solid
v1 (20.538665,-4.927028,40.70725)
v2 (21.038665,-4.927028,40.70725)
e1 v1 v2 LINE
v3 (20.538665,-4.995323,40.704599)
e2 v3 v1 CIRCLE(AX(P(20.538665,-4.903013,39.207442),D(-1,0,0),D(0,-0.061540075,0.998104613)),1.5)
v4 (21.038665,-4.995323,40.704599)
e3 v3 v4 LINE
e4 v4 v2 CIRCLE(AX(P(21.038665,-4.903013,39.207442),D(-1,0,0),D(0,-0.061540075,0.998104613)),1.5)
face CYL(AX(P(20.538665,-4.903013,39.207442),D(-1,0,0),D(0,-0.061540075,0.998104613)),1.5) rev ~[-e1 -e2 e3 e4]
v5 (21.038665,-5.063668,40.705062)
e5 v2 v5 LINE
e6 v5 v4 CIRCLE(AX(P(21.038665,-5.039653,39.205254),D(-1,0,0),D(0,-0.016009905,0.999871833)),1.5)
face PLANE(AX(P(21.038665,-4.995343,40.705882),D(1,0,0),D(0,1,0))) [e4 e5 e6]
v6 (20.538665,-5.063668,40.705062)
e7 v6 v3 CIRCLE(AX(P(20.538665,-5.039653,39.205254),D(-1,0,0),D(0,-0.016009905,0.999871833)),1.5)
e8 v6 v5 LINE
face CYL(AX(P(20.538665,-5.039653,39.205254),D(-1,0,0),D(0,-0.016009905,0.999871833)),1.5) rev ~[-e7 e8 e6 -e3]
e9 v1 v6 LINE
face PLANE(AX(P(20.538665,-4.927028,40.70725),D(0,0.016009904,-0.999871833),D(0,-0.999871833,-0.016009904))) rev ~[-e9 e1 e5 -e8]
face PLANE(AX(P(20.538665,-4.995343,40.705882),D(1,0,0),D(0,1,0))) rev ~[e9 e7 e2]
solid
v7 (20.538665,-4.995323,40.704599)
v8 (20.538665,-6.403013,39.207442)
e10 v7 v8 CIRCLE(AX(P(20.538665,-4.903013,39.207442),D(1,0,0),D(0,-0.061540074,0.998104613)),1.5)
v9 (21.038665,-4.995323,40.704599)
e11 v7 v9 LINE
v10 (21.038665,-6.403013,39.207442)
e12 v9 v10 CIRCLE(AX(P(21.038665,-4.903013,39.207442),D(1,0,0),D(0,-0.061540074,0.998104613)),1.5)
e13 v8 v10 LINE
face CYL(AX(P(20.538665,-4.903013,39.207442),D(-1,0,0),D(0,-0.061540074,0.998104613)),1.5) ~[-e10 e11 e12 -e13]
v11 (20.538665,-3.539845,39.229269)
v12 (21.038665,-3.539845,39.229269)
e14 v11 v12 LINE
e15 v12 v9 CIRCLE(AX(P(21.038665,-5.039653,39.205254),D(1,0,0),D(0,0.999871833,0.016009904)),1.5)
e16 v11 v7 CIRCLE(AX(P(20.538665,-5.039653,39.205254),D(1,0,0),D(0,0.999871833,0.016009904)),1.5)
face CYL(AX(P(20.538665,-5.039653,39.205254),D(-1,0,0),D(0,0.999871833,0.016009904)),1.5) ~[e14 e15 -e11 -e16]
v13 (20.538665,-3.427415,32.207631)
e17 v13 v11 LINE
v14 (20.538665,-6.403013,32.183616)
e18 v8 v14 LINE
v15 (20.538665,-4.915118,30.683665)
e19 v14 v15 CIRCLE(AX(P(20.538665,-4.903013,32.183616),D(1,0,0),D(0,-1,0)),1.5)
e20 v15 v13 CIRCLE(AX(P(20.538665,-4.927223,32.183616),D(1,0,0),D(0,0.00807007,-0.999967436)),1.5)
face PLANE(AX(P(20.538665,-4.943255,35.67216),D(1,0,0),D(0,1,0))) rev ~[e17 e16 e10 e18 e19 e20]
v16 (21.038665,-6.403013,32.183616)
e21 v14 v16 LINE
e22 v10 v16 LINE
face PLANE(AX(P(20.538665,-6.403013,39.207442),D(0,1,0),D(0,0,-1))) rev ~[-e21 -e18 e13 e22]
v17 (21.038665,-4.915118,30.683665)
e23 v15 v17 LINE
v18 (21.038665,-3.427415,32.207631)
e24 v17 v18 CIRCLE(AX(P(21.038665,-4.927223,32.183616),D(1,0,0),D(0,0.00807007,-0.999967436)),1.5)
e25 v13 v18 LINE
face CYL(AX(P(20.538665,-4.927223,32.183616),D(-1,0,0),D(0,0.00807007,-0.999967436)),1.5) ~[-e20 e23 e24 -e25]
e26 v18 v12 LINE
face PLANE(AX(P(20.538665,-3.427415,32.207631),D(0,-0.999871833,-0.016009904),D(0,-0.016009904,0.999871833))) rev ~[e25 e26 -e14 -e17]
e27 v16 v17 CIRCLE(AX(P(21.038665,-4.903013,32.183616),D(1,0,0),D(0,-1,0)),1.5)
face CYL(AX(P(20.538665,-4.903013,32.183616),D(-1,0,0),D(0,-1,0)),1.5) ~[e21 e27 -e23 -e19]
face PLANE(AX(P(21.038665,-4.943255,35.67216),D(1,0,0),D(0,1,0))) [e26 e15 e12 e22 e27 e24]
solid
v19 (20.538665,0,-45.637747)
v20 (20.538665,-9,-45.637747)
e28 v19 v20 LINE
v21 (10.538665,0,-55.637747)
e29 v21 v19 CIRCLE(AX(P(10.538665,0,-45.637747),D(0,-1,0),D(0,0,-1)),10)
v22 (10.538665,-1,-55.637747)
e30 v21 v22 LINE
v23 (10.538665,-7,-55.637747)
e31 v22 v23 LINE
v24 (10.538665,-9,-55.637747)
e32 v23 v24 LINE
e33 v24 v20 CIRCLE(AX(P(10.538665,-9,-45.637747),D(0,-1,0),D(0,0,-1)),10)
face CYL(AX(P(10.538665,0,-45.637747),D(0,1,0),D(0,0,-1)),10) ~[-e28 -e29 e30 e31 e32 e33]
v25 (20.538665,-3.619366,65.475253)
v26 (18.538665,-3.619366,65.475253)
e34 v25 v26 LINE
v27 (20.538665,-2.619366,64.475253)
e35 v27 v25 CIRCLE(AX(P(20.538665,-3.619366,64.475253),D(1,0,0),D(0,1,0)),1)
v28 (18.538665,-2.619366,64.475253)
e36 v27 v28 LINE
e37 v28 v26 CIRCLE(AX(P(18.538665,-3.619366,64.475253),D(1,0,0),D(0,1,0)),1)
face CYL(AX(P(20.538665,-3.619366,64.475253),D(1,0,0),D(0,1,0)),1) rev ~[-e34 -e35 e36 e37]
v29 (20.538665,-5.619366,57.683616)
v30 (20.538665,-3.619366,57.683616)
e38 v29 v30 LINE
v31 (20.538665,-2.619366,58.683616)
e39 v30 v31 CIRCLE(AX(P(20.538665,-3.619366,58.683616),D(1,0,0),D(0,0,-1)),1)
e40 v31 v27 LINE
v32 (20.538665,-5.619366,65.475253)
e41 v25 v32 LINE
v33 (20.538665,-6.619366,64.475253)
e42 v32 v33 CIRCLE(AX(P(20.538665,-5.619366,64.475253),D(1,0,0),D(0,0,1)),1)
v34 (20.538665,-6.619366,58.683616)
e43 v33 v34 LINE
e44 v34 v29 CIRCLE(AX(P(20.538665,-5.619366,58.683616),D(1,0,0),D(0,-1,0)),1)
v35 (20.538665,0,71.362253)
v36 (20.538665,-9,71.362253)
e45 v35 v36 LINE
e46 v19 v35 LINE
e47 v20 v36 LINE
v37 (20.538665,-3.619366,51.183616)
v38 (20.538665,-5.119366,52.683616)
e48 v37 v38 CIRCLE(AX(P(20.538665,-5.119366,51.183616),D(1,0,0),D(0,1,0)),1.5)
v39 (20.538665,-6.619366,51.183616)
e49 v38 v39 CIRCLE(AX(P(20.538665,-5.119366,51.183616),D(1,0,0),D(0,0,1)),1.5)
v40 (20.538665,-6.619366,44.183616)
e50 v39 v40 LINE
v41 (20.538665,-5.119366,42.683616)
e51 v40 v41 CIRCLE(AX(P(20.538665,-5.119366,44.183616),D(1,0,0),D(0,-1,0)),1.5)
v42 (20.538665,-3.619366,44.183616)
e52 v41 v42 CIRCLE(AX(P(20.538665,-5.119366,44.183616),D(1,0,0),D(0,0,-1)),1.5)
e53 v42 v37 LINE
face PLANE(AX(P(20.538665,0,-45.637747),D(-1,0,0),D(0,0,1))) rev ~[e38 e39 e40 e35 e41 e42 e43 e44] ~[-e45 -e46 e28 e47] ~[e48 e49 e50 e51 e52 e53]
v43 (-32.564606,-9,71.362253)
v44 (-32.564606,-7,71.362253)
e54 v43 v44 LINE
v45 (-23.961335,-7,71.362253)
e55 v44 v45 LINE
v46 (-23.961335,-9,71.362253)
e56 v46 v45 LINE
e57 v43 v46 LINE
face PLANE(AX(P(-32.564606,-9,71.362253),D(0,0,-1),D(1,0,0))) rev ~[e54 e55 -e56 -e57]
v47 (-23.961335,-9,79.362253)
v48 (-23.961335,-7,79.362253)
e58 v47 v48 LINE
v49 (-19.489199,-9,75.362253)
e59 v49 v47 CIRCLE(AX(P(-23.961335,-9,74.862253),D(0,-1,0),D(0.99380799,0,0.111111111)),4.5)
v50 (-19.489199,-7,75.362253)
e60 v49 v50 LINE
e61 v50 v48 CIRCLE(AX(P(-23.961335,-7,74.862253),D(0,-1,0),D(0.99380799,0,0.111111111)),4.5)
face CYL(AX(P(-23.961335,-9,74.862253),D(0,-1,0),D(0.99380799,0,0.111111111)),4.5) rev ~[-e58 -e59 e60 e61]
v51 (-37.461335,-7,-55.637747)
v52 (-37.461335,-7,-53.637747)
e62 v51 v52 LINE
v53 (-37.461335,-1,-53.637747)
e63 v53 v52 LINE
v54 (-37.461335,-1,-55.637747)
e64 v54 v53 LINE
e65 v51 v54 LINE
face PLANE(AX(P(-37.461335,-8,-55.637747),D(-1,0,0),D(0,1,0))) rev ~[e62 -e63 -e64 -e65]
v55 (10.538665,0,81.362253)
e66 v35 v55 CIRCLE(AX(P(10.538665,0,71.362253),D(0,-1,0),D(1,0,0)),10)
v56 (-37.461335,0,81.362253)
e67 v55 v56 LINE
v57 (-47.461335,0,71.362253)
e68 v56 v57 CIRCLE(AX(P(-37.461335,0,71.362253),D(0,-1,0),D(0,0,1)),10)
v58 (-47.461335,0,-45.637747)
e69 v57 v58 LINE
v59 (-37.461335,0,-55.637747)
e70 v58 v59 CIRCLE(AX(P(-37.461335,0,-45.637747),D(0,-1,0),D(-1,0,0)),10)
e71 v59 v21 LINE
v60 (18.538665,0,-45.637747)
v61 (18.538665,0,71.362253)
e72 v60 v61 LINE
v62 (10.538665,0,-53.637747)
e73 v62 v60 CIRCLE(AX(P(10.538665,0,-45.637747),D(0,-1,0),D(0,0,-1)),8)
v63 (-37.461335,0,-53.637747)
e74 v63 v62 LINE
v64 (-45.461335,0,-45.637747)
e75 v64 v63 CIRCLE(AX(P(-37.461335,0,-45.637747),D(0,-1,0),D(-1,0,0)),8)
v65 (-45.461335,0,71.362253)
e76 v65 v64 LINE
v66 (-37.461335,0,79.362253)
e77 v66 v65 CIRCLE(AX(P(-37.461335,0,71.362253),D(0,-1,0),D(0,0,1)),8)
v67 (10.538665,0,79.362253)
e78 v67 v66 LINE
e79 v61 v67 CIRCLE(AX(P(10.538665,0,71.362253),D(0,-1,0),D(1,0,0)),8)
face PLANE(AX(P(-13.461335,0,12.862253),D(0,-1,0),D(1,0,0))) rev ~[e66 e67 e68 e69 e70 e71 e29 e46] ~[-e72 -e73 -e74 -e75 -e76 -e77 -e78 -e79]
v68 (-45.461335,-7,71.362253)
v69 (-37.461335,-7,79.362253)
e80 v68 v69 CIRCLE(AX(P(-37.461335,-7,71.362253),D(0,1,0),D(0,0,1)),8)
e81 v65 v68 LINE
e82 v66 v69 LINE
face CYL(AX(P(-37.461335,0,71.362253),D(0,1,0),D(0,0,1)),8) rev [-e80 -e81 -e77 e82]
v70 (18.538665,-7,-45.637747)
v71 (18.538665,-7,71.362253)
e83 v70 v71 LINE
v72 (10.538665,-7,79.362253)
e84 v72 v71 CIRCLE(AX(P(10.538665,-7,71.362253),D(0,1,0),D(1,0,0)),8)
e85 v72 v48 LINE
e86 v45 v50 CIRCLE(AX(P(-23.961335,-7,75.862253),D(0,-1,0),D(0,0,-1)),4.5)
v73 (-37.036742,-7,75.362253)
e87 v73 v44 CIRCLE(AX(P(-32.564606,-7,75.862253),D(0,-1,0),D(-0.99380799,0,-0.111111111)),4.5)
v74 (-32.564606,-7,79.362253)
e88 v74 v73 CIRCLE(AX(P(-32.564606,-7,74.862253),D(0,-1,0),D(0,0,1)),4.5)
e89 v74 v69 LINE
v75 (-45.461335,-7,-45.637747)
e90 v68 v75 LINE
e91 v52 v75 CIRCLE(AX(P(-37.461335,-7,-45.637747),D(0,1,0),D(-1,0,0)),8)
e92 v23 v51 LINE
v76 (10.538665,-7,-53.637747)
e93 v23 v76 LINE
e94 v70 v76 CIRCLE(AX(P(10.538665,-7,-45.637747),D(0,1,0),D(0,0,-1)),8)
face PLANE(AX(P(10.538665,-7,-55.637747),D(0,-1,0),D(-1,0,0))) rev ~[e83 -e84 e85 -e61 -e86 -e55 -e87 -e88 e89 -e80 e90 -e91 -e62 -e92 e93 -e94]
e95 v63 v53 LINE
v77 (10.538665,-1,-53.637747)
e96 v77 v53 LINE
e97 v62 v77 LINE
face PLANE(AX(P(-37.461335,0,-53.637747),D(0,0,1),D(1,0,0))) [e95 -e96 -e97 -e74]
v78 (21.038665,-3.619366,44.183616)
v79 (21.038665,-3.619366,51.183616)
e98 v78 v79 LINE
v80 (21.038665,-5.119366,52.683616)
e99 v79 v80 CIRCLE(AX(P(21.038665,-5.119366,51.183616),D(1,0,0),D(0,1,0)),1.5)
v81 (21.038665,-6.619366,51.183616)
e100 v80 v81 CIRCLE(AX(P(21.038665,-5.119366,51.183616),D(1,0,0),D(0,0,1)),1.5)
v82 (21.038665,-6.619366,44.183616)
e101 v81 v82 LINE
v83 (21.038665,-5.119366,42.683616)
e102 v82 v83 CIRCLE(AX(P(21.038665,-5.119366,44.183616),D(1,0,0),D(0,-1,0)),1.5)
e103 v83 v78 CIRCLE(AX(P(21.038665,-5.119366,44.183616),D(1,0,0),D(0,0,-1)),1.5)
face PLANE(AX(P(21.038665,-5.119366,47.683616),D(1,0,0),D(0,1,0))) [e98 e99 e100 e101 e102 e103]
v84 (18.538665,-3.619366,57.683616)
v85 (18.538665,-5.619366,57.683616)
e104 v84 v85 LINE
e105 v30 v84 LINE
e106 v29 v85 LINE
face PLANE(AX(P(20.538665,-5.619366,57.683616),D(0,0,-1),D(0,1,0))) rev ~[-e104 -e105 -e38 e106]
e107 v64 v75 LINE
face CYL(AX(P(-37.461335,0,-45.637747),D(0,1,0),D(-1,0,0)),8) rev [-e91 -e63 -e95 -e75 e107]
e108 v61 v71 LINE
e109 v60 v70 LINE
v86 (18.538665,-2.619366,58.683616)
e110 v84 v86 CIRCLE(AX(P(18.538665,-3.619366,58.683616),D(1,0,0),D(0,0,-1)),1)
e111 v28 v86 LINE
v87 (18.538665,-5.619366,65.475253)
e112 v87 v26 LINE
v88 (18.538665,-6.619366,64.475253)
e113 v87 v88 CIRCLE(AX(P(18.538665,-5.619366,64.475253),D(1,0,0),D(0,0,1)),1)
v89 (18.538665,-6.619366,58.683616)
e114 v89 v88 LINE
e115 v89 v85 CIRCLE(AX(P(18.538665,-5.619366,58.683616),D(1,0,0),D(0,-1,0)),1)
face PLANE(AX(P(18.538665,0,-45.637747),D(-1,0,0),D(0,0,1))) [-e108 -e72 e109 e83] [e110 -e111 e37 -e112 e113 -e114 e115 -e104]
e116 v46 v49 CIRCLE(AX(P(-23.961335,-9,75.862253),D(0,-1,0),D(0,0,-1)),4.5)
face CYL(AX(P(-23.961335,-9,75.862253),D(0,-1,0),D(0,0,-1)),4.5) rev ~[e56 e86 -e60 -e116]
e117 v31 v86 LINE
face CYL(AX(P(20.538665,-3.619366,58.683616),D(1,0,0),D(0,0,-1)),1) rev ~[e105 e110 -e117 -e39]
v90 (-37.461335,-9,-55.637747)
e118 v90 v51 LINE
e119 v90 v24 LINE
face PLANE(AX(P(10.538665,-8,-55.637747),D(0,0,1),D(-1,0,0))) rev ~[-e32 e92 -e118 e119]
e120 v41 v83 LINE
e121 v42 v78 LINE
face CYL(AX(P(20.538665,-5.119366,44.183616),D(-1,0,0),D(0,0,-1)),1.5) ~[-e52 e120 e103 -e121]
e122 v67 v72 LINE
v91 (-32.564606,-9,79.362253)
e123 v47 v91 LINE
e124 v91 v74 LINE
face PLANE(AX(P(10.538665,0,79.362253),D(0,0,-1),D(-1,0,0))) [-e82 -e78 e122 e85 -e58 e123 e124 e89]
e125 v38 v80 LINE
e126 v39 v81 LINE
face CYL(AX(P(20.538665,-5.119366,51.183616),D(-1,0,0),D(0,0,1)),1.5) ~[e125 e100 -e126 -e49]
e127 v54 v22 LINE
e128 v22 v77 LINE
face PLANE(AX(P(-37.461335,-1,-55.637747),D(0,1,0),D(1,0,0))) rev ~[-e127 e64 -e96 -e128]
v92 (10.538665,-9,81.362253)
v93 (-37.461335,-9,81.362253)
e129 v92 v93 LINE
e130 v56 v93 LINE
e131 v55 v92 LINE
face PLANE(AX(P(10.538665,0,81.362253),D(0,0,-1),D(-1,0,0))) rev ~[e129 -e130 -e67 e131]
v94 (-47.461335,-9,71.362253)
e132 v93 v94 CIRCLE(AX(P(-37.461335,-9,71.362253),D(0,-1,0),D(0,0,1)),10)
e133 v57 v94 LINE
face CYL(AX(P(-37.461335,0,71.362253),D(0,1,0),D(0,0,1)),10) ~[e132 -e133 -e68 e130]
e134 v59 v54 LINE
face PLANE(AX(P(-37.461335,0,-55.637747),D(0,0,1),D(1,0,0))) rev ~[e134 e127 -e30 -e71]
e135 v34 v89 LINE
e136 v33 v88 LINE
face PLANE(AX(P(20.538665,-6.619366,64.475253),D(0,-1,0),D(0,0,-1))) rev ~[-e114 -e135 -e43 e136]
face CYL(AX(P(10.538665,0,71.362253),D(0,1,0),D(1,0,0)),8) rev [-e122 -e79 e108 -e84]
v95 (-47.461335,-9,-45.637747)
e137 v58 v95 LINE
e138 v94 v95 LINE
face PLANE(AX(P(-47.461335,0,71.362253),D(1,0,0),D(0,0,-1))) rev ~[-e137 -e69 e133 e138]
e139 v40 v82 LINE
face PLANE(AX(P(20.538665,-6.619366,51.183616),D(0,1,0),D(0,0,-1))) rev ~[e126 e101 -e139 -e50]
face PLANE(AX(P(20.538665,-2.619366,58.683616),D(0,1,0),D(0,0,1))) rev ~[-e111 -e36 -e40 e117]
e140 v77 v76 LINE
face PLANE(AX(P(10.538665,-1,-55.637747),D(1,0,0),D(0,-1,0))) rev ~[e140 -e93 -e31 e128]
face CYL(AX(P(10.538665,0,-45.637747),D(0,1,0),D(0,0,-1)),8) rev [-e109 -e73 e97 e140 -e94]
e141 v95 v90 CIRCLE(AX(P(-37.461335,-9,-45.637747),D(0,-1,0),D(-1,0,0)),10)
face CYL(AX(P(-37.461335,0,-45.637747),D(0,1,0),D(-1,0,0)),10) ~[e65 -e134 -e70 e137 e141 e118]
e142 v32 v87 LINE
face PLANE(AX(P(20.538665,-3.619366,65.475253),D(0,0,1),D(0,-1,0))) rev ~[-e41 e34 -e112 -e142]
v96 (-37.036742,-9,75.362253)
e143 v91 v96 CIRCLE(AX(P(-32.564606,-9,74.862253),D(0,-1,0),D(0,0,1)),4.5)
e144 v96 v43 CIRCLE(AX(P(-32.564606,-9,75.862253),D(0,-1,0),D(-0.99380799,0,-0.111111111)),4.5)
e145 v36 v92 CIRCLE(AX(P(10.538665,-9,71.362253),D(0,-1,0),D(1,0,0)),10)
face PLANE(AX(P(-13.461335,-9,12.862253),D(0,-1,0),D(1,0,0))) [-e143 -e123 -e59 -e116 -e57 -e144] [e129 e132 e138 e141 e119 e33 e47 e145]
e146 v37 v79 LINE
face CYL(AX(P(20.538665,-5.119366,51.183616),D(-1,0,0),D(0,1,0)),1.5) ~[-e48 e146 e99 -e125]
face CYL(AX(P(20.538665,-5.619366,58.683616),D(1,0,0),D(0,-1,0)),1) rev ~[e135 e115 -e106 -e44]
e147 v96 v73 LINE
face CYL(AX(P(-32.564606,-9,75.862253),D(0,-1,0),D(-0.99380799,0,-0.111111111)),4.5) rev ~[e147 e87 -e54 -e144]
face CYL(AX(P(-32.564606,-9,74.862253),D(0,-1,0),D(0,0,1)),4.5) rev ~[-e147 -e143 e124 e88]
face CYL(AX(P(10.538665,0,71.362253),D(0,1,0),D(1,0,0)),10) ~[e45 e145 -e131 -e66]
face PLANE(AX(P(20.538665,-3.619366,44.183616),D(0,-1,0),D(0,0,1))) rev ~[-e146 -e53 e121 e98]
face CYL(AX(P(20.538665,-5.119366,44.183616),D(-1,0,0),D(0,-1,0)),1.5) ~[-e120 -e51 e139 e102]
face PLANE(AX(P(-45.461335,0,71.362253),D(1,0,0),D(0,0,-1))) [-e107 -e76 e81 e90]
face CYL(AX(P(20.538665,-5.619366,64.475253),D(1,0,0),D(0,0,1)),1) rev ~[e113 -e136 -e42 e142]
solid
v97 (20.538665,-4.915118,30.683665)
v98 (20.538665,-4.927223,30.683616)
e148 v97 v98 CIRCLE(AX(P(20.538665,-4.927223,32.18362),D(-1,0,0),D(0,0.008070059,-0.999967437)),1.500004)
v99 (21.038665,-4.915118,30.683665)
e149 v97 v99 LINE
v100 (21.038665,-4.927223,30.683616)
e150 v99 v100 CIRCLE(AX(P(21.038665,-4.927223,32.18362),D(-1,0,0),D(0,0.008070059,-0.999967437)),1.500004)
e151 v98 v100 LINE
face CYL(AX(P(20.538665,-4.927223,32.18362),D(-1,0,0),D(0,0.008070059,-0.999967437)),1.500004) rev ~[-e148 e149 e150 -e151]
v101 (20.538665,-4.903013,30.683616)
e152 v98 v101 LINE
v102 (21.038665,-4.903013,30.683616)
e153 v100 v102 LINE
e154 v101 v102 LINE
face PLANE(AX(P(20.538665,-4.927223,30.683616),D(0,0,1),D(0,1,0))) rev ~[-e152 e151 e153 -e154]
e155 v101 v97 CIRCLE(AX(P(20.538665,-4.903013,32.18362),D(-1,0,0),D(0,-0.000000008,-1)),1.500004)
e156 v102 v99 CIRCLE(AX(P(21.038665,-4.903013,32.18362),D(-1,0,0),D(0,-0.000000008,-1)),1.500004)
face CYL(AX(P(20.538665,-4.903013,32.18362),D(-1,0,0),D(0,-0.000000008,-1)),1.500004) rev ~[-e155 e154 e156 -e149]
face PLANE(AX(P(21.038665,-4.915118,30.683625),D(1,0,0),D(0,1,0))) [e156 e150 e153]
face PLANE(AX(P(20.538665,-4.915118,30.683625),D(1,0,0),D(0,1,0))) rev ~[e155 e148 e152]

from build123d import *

# Parameters (mm, degrees)
F1_DEPTH  = 9
F2_T      = -2
F4_DEPTH  = 9.001
F6_DEPTH  = 25
F7_DEPTH  = 25
F8_DEPTH  = 1
F10_DEPTH = 25
F12_DEPTH = 0.5
F14_DEPTH = 0.5


with BuildPart() as f1:
    # F0 (on Front) → F1 (new body)
    with BuildSketch(Plane.XZ):
        with BuildLine():
            Line((20.5386653927, -45.6377468854), (20.5386653927, 71.3622531146))
            ThreePointArc((20.5386653927, 71.3622531146), (17.6097332046, 78.4333209264), (10.5386653927, 81.3622531146))
            Line((10.5386653927, 81.3622531146), (-37.4613346073, 81.3622531146))
            ThreePointArc((-37.4613346073, 81.3622531146), (-44.5324024191, 78.4333209264), (-47.4613346073, 71.3622531146))
            Line((-47.4613346073, 71.3622531146), (-47.4613346073, -45.6377468854))
            ThreePointArc((-47.4613346073, -45.6377468854), (-44.5324024191, -52.7088146973), (-37.4613346073, -55.6377468854))
            Line((-37.4613346073, -55.6377468854), (10.5386653927, -55.6377468854))
            ThreePointArc((10.5386653927, -55.6377468854), (17.6097332046, -52.7088146973), (20.5386653927, -45.6377468854))
        make_face()
    extrude(amount=F1_DEPTH)

    # F2
    f2_openings = [f1.faces().sort_by_distance(p)[0] for p in [
        (-13.461335, 0, 12.862253),
    ]]
    offset(amount=F2_T, openings=f2_openings)

    # F3 (on face) → F4 (cut, through all)
    with BuildSketch(Plane.XZ.offset(9)):
        with BuildLine():
            ThreePointArc((-32.564605879, 79.3622531146), (-35.564605879, 78.2163550808), (-37.036741834, 75.3622531146))
            ThreePointArc((-37.036741834, 75.3622531146), (-35.564605879, 72.5081511483), (-32.564605879, 71.3622531146))
            Line((-32.564605879, 71.3622531146), (-23.9613346073, 71.3622531146))
            ThreePointArc((-23.9613346073, 71.3622531146), (-20.9613346073, 72.5081511483), (-19.4891986523, 75.3622531146))
            ThreePointArc((-19.4891986523, 75.3622531146), (-20.9613346073, 78.2163550808), (-23.9613346073, 79.3622531146))
            Line((-23.9613346073, 79.3622531146), (-32.564605879, 79.3622531146))
        make_face()
    extrude(amount=-F4_DEPTH, mode=Mode.SUBTRACT)

    # F5 (on face) → F6 (cut)
    with BuildSketch(Plane(origin=(0, 0, -55.6377468854), x_dir=(1, 0, 0), z_dir=(0, 0, -1))):
        Polygon((-37.4613346073, 8), (-37.4613346073, 1), (-32.577522099, 1), (10.5386653927, 1), (10.5386653927, 8), (-32.6389931142, 8), align=None)
    extrude(amount=F6_DEPTH, mode=Mode.SUBTRACT)

    # F5 (on face) → F7 (cut)
    with BuildSketch(Plane(origin=(0, 0, -55.6377468854), x_dir=(1, 0, 0), z_dir=(0, 0, -1))):
        Polygon((-37.4613346073, 8), (-37.4613346073, 1), (-32.577522099, 1), (10.5386653927, 1), (10.5386653927, 8), (-32.6389931142, 8), align=None)
    extrude(amount=-F7_DEPTH, mode=Mode.SUBTRACT)

    # F8 (add): a face of the model
    f8_faces = [f1.faces().sort_by_distance(p)[0] for p in [
        (-13.4613346073, -8, -43.1377468854),
    ]]
    extrude(f8_faces, amount=F8_DEPTH)

    # F9 (on face) → F10 (cut)
    with BuildSketch(Plane.YZ.offset(20.5386653927)):
        with BuildLine():
            Line((-5.6193663515, 57.6836162011), (-4.6193663515, 57.6836162011))
            Line((-4.6193663515, 57.6836162011), (-3.6193663515, 57.6836162011))
            ThreePointArc((-3.6193663515, 57.6836162011), (-2.9122595703, 57.9765094199), (-2.6193663515, 58.6836162011))
            Line((-2.6193663515, 58.6836162011), (-2.6193663515, 64.4752531146))
            ThreePointArc((-2.6193663515, 64.4752531146), (-2.9122595703, 65.1823598958), (-3.6193663515, 65.4752531146))
            Line((-3.6193663515, 65.4752531146), (-4.6193663515, 65.4752531146))
            Line((-4.6193663515, 65.4752531146), (-5.6193663515, 65.4752531146))
            ThreePointArc((-5.6193663515, 65.4752531146), (-6.3264731327, 65.1823598958), (-6.6193663515, 64.4752531146))
            Line((-6.6193663515, 64.4752531146), (-6.6193663515, 58.6836162011))
            ThreePointArc((-6.6193663515, 58.6836162011), (-6.3264731327, 57.9765094199), (-5.6193663515, 57.6836162011))
        make_face()
    extrude(amount=-F10_DEPTH, mode=Mode.SUBTRACT)

    # F11 (on face) → F12 (join)
    with BuildSketch(Plane.YZ.offset(20.5386653927)):
        with BuildLine():
            Line((-3.6193663515, 44.1836162011), (-3.6193663515, 51.1836162011))
            ThreePointArc((-3.6193663515, 51.1836162011), (-4.0587061797, 52.2442763729), (-5.1193663515, 52.6836162011))
            ThreePointArc((-5.1193663515, 52.6836162011), (-6.1800265233, 52.2442763729), (-6.6193663515, 51.1836162011))
            Line((-6.6193663515, 51.1836162011), (-6.6193663515, 44.1836162011))
            ThreePointArc((-6.6193663515, 44.1836162011), (-6.1800265233, 43.1229560293), (-5.1193663515, 42.6836162011))
            ThreePointArc((-5.1193663515, 42.6836162011), (-4.0587061797, 43.1229560293), (-3.6193663515, 44.1836162011))
        make_face()
    extrude(amount=F12_DEPTH)


with BuildPart() as f14:
    # F13 (on face) → F14 (new body)
    with BuildSketch(Plane.YZ.offset(20.5386653927)):
        with BuildLine():
            ThreePointArc((-5.0636678894, 40.7050617311), (-5.0294926963, 40.70521957), (-4.9953227773, 40.7045987809))
            ThreePointArc((-4.9953227773, 40.7045987809), (-4.9611902501, 40.7063132258), (-4.927027523, 40.7072496107))
            Line((-4.927027523, 40.7072496107), (-5.0636678894, 40.7050617311))
        make_face()
    extrude(amount=F14_DEPTH)


with BuildPart() as f14b:
    # F13 (on face) → F14, piece 2 (new body)
    with BuildSketch(Plane.YZ.offset(20.5386653927)):
        with BuildLine():
            ThreePointArc((-4.9030126669, 30.6836162011), (-4.9090652684, 30.6836284125), (-4.9151177714, 30.6836650464))
            ThreePointArc((-4.9151177714, 30.6836650464), (-4.9211702745, 30.6836284125), (-4.927222876, 30.6836162011))
            Line((-4.927222876, 30.6836162011), (-4.9030126669, 30.6836162011))
        make_face()
    extrude(amount=F14_DEPTH)


with BuildPart() as f14c:
    # F13 (on face) → F14, piece 3 (new body)
    with BuildSketch(Plane.YZ.offset(20.5386653927)):
        with BuildLine():
            Line((-6.4030126669, 39.2074418608), (-6.4030126669, 32.1836162011))
            ThreePointArc((-6.4030126669, 32.1836162011), (-5.9679440395, 31.1272444997), (-4.9151177714, 30.6836650464))
            ThreePointArc((-4.9151177714, 30.6836650464), (-3.8538691503, 31.1358033459), (-3.4274151261, 32.2076310572))
            Line((-3.4274151261, 32.2076310572), (-3.5398452833, 39.2292688374))
            ThreePointArc((-3.5398452833, 39.2292688374), (-3.9718327507, 40.2587053774), (-4.9953227773, 40.7045987809))
            ThreePointArc((-4.9953227773, 40.7045987809), (-5.9958221575, 40.2349472949), (-6.4030126669, 39.2074418608))
        make_face()
    extrude(amount=F14_DEPTH)


solid = Compound([f1.part, f14.part, f14b.part, f14c.part])
